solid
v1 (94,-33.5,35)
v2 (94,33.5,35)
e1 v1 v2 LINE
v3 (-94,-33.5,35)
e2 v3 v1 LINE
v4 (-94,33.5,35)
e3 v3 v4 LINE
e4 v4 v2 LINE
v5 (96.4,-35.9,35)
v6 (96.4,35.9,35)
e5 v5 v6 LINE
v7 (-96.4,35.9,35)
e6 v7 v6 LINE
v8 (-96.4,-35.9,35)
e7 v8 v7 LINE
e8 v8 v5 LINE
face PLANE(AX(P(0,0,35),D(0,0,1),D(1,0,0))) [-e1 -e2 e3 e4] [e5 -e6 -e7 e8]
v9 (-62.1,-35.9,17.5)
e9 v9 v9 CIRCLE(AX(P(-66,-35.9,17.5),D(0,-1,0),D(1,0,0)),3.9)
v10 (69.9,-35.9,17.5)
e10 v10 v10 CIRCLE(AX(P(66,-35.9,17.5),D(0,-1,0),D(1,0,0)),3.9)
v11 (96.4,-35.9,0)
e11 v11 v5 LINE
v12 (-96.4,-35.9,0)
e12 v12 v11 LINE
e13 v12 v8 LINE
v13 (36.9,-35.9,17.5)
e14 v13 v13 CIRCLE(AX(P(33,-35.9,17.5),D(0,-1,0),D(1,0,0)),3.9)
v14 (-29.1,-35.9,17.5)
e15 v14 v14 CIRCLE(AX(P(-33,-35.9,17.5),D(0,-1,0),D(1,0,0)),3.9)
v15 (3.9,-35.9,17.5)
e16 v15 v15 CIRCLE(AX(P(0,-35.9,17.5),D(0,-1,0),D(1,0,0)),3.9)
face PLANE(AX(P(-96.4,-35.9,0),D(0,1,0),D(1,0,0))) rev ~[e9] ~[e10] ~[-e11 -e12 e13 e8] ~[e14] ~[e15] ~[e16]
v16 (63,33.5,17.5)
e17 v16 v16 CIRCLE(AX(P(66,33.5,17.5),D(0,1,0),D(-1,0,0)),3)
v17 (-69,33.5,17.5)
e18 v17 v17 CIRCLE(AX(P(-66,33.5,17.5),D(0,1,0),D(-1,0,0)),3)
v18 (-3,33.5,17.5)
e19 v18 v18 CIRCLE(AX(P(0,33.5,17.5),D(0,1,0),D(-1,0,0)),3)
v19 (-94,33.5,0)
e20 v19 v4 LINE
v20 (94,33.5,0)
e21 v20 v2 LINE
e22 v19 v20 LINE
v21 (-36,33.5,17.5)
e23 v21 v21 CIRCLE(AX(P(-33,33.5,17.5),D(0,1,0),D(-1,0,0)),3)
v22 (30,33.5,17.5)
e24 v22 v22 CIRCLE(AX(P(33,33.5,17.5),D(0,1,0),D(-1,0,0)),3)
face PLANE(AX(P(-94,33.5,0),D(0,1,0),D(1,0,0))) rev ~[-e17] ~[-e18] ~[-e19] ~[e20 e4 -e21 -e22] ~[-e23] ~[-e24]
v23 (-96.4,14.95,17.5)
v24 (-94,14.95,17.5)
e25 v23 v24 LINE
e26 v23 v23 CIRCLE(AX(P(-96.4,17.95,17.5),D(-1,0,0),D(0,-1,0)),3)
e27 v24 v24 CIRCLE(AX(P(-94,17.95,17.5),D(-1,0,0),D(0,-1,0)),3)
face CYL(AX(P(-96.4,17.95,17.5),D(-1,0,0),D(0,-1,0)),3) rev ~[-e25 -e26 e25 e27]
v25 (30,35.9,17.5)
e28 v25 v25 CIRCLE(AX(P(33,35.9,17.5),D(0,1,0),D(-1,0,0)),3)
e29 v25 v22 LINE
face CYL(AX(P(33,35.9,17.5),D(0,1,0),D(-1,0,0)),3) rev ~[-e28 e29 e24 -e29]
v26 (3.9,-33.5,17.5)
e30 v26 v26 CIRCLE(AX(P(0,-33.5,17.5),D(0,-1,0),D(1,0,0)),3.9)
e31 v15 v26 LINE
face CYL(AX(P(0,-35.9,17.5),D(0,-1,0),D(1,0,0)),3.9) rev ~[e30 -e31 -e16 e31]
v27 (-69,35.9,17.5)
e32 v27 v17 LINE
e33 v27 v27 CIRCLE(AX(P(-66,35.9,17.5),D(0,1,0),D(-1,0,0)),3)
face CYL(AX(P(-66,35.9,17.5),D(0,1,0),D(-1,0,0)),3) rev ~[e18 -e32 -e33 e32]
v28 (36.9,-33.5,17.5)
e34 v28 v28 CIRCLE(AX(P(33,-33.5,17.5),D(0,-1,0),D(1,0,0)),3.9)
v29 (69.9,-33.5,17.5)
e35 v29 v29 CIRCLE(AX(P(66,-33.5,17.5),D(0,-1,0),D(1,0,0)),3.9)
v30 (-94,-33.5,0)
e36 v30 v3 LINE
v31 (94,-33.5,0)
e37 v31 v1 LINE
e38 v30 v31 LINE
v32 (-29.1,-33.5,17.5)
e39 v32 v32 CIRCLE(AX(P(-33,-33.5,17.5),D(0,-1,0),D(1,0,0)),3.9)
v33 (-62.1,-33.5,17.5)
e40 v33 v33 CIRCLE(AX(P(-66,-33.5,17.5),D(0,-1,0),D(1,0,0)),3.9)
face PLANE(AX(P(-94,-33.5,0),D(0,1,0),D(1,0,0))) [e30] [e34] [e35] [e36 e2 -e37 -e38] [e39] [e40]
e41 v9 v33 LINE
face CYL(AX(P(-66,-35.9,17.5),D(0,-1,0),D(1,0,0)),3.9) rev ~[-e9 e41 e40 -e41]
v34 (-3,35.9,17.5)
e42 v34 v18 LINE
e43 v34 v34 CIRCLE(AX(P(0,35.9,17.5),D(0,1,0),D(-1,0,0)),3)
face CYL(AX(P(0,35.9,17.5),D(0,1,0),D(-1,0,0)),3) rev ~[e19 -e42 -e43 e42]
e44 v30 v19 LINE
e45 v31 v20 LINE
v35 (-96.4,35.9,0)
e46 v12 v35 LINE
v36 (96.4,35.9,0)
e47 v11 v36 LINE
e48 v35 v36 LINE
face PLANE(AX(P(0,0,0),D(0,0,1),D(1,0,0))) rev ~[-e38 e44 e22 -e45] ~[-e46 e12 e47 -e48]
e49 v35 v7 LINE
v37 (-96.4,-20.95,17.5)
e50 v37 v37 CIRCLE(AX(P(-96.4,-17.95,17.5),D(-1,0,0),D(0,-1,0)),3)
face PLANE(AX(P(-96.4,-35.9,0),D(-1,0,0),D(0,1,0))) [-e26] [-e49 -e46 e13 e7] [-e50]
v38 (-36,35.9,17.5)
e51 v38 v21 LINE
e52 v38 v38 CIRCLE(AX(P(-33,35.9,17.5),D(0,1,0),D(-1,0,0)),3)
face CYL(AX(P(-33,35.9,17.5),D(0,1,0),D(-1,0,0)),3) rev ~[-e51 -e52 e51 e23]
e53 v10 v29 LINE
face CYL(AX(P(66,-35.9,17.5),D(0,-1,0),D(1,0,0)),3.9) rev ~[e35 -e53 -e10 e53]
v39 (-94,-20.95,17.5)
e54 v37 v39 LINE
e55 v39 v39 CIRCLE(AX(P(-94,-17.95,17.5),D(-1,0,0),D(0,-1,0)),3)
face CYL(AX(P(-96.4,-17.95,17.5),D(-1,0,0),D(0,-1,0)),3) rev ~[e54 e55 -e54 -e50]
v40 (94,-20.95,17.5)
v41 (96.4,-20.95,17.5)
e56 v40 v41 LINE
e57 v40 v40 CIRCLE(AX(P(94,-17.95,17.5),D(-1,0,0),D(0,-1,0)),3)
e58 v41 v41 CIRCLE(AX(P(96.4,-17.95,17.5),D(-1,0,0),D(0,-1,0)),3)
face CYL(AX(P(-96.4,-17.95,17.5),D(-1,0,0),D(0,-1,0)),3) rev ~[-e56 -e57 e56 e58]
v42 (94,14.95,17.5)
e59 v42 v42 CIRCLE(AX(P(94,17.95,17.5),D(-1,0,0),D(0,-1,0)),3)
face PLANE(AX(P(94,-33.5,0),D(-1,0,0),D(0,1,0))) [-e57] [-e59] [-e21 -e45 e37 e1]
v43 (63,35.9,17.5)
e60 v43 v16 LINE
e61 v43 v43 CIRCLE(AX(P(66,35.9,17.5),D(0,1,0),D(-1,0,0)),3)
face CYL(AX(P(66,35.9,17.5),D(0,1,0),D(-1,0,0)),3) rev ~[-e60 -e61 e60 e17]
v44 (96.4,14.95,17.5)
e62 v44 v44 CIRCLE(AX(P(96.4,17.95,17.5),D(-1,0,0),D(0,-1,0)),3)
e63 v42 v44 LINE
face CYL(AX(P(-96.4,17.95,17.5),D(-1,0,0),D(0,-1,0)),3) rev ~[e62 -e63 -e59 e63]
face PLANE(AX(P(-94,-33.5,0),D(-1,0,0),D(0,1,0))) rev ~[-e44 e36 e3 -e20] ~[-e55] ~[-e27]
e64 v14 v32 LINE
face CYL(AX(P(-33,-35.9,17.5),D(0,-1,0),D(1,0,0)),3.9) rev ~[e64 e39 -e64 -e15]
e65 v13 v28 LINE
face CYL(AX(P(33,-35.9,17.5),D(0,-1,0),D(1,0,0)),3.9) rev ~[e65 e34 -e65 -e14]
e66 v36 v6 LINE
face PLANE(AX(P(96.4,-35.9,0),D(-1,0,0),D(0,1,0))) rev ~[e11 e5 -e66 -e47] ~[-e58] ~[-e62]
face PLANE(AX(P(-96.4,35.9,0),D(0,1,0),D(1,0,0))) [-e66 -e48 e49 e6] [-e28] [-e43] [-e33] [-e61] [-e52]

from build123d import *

# Parameters (mm, degrees)
F0_W     = 192.8
F0_H     = 71.8
F0_W_2   = 188
F0_H_2   = 67
F1_DEPTH = 35
F2_R     = 3
F3_DEPTH = 192.801
F4_R     = 3.9
F5_DEPTH = 25
F6_R     = 3
F7_DEPTH = 25


with BuildPart() as f1:
    # F0 (on Top) → F1 (new body)
    with BuildSketch(Plane.XY):
        Rectangle(F0_W, F0_H)
        Rectangle(F0_W_2, F0_H_2, mode=Mode.SUBTRACT)
    extrude(amount=F1_DEPTH)

    # F2 (on face) → F3 (cut, through all)
    with BuildSketch(Plane(origin=(-96.4, 0, 0), x_dir=(0, -1, 0), z_dir=(-1, 0, 0))):
        with Locations((-17.95, 17.5)):
            Circle(F2_R)
        with Locations((17.95, 17.5)):
            Circle(F2_R)
    extrude(amount=-F3_DEPTH, mode=Mode.SUBTRACT)

    # F4 (on face) → F5 (cut)
    with BuildSketch(Plane.XZ.offset(35.9)):
        with Locations((0, 17.5)):
            Circle(F4_R)
        with Locations((33, 17.5)):
            Circle(F4_R)
        with Locations((66, 17.5)):
            Circle(F4_R)
        with Locations((-33, 17.5)):
            Circle(F4_R)
        with Locations((-66, 17.5)):
            Circle(F4_R)
    extrude(amount=-F5_DEPTH, mode=Mode.SUBTRACT)

    # F6 (on face) → F7 (cut)
    with BuildSketch(Plane(origin=(0, 35.9, 0), x_dir=(-1, 0, 0), z_dir=(0, 1, 0))):
        with Locations((0, 17.5)):
            Circle(F6_R)
        with Locations((33, 17.5)):
            Circle(F6_R)
        with Locations((66, 17.5)):
            Circle(F6_R)
        with Locations((-33, 17.5)):
            Circle(F6_R)
        with Locations((-66, 17.5)):
            Circle(F6_R)
    extrude(amount=-F7_DEPTH, mode=Mode.SUBTRACT)


solid = f1.part
